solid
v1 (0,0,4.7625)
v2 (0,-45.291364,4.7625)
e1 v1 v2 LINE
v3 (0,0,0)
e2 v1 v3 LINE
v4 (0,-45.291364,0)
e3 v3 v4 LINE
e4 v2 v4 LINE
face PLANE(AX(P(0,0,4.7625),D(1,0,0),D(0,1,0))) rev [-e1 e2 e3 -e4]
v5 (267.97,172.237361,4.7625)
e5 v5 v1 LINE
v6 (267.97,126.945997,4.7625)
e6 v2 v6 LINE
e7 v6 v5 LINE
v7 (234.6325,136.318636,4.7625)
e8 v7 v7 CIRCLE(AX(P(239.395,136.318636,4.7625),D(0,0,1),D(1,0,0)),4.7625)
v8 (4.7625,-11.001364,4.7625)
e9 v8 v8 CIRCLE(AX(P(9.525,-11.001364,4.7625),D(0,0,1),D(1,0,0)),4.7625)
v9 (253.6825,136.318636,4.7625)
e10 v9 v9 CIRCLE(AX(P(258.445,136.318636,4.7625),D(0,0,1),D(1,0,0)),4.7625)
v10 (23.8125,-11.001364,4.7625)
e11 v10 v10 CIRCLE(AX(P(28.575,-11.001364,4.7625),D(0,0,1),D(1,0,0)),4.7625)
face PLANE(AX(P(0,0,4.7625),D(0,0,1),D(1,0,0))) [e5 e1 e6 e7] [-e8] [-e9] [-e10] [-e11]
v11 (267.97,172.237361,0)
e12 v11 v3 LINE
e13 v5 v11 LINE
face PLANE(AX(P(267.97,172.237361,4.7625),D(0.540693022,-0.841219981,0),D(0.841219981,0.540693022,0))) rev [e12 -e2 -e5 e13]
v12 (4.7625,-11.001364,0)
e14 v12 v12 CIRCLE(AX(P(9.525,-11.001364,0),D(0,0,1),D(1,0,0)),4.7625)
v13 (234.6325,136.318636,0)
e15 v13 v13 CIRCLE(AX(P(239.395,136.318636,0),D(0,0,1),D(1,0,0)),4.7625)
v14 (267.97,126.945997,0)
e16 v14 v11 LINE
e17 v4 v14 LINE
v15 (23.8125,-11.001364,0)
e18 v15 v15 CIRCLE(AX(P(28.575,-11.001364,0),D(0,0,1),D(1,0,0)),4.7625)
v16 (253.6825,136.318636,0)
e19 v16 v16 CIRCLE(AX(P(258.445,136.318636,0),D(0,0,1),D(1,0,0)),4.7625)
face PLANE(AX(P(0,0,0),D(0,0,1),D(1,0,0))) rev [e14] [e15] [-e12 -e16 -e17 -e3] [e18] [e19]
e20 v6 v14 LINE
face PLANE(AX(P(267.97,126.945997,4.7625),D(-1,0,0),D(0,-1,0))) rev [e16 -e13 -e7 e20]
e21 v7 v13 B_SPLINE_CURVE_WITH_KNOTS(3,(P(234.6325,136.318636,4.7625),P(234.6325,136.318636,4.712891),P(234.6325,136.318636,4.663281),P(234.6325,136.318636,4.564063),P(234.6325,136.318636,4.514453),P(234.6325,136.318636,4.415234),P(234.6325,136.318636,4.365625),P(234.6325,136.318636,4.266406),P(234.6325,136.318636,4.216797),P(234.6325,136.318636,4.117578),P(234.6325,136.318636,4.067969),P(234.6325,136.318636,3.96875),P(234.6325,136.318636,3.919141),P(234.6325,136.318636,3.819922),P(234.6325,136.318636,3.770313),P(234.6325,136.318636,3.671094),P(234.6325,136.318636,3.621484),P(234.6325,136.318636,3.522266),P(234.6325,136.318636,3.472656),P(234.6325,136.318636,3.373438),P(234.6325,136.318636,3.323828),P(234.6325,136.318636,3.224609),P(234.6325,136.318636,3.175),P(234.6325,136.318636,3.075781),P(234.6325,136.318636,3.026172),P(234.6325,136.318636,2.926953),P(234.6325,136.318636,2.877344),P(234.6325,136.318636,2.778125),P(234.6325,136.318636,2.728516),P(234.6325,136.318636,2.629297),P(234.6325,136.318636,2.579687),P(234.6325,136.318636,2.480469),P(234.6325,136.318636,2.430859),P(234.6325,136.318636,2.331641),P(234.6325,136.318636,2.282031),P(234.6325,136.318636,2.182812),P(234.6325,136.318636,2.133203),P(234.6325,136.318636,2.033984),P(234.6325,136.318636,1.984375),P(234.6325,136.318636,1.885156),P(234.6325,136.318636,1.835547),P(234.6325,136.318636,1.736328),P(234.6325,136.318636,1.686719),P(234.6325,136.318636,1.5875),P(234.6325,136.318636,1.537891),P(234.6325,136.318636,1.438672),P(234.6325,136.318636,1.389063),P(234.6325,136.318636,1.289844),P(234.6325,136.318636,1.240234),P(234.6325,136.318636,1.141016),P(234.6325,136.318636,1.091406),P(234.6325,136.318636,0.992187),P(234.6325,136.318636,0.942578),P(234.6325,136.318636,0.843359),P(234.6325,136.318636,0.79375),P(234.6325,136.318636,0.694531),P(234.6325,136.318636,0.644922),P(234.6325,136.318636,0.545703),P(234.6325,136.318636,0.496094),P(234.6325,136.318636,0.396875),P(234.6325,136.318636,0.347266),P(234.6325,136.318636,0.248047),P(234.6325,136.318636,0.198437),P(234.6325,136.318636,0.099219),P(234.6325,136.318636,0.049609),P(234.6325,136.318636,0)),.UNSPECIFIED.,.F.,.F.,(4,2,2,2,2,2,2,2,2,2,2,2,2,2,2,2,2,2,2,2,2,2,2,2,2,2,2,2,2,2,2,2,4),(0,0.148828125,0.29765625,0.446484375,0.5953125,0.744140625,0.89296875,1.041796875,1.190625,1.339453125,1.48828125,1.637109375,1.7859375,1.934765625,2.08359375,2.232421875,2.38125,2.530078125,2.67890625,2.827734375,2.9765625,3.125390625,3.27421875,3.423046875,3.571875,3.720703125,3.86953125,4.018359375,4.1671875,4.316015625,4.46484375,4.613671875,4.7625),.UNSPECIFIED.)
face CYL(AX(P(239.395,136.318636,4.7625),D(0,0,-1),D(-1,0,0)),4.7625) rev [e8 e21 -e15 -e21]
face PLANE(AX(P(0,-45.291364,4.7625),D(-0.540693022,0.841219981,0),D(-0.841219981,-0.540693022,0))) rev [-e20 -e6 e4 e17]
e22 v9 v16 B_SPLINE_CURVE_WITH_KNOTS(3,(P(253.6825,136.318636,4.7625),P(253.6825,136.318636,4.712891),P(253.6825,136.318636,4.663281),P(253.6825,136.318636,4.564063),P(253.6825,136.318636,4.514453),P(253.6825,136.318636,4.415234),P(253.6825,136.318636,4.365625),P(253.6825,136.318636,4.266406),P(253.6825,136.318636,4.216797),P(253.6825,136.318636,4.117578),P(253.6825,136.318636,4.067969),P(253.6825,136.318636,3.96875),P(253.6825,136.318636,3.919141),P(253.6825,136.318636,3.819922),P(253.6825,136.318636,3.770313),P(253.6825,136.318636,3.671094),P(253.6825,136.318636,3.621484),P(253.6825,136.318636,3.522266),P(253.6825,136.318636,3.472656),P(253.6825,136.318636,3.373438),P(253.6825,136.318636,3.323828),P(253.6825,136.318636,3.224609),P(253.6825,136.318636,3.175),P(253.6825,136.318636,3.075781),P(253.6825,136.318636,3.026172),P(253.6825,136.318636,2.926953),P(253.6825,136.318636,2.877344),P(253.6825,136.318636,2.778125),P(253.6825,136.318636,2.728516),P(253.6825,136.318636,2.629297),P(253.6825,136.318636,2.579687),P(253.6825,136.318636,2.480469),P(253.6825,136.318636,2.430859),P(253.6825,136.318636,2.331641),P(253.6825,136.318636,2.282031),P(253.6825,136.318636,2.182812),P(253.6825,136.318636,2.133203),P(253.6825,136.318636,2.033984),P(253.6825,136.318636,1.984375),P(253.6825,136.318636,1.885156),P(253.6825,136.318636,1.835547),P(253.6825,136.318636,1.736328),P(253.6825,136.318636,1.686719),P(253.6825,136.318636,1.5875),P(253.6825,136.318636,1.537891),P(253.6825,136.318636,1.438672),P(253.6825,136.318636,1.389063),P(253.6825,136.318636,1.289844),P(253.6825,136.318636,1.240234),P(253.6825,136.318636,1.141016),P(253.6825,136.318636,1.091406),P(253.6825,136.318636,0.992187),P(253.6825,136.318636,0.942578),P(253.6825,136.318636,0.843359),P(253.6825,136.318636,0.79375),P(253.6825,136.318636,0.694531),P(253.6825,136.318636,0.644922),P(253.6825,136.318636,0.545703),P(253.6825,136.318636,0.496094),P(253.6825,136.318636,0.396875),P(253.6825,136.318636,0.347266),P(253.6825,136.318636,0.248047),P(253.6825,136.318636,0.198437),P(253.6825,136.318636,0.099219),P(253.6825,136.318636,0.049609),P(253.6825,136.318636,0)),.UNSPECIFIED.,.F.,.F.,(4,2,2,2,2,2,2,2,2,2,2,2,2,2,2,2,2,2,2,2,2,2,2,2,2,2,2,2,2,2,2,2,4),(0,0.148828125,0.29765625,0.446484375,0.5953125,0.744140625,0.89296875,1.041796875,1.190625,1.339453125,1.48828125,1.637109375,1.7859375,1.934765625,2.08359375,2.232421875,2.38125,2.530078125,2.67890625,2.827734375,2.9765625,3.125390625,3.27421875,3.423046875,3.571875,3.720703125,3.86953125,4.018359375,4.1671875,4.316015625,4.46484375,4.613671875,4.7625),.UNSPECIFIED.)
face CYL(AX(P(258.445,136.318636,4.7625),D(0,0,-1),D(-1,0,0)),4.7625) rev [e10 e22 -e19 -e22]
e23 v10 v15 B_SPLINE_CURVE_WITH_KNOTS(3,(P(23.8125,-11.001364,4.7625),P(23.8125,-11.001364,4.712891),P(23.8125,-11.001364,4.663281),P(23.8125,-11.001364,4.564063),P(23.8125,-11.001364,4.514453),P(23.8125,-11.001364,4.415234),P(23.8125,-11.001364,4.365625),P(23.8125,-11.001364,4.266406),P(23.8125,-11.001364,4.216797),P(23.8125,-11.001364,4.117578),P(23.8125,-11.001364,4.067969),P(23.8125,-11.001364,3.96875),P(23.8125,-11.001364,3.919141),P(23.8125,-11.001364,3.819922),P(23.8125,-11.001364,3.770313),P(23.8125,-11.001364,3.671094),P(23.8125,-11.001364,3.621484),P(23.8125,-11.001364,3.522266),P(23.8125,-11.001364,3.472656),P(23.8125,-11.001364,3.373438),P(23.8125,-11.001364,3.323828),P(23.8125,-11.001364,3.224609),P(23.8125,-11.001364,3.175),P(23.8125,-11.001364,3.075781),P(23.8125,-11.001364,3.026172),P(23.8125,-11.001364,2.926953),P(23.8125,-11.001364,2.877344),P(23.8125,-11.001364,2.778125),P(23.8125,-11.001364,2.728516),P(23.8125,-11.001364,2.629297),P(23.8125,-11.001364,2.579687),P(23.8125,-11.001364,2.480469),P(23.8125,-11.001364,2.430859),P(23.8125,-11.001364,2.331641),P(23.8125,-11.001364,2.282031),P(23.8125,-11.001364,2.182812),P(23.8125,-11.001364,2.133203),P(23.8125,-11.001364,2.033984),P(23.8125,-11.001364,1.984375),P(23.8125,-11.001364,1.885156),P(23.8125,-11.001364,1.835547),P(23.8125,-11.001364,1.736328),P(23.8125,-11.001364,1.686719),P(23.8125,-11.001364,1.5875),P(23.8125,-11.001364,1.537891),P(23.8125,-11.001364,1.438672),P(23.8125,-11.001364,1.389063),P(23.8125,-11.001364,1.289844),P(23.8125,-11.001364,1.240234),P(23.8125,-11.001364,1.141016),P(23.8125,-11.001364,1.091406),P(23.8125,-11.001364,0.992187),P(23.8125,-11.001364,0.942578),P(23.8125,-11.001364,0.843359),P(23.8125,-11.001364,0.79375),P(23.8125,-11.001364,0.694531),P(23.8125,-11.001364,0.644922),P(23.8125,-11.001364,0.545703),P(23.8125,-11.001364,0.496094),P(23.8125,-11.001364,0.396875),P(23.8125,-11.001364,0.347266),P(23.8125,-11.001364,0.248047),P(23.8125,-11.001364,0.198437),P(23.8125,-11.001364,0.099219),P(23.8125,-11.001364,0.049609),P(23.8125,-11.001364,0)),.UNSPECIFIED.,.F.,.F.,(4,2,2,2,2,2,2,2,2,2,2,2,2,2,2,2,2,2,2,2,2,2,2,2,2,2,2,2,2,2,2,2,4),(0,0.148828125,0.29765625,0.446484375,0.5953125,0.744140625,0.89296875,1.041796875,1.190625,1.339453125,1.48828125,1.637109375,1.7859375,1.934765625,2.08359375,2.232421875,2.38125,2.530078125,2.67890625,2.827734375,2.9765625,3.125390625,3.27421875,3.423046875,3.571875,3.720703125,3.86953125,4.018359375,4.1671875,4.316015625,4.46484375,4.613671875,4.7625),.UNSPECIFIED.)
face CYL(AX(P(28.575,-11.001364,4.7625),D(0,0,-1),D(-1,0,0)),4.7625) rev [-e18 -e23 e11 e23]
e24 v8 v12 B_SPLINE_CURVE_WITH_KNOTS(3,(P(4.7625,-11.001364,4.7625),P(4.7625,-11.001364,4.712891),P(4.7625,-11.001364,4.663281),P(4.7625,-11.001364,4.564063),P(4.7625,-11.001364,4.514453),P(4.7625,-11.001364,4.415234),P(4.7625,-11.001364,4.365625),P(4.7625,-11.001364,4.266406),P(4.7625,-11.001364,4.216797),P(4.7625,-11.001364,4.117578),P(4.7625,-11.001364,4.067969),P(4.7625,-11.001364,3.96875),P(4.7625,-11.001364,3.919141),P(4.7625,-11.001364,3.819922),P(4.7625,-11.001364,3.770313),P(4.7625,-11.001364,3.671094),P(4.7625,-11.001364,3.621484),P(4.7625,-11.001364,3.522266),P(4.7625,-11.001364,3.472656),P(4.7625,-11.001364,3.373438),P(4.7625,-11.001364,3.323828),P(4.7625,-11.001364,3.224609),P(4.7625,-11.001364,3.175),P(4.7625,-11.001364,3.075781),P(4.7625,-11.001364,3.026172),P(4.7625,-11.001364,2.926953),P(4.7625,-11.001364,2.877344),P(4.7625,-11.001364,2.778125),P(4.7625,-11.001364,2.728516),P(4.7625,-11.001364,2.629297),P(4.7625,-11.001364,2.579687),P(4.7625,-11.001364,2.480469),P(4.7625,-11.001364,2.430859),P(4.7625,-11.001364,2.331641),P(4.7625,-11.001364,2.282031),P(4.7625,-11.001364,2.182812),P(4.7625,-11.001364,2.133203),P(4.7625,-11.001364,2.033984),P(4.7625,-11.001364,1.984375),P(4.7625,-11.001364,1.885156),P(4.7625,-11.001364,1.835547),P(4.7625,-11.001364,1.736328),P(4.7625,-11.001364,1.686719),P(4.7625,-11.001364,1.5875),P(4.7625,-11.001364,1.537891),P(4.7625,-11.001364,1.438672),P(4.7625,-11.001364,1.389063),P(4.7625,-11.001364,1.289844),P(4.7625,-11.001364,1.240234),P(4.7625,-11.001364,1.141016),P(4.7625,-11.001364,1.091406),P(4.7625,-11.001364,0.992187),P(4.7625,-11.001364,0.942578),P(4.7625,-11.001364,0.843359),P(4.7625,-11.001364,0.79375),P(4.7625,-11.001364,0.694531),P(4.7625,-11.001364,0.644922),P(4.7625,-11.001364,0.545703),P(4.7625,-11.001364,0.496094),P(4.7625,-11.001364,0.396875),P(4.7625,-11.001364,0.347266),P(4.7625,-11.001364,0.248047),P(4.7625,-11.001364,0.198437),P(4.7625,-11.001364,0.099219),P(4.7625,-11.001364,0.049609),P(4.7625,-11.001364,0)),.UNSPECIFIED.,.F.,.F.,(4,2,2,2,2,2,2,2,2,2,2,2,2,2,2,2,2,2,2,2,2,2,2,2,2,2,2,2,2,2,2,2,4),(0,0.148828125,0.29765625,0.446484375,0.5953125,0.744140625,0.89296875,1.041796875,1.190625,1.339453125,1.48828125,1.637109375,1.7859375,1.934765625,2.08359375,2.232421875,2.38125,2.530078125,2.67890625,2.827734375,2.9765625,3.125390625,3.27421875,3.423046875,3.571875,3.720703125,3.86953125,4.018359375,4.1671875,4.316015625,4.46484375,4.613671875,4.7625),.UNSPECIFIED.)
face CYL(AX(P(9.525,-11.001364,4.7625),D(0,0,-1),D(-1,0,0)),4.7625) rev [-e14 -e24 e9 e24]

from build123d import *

# Parameters (mm, degrees)
SKETCH1_R           = 4.7625
BOSS_EXTRUDE1_DEPTH = 4.7625


with BuildPart() as part:
    # Sketch1 → Boss-Extrude1 (new body)
    with BuildSketch(Plane.XY):
        Polygon((0, 0), (0, -45.291363594), (267.97, 126.945997079), (267.97, 172.237360672), align=None)
        with Locations(Location((9.525, -11.001363594, 0), (0, 0, 180))):
            Circle(SKETCH1_R, mode=Mode.SUBTRACT)
        with Locations(Location((28.575, -11.001363594, 0), (0, 0, 180))):
            Circle(SKETCH1_R, mode=Mode.SUBTRACT)
        with Locations(Location((239.395, 136.318636406, 0), (0, 0, 180))):
            Circle(SKETCH1_R, mode=Mode.SUBTRACT)
        with Locations(Location((258.445, 136.318636406, 0), (0, 0, 180))):
            Circle(SKETCH1_R, mode=Mode.SUBTRACT)
    extrude(amount=BOSS_EXTRUDE1_DEPTH)


solid = part.part
